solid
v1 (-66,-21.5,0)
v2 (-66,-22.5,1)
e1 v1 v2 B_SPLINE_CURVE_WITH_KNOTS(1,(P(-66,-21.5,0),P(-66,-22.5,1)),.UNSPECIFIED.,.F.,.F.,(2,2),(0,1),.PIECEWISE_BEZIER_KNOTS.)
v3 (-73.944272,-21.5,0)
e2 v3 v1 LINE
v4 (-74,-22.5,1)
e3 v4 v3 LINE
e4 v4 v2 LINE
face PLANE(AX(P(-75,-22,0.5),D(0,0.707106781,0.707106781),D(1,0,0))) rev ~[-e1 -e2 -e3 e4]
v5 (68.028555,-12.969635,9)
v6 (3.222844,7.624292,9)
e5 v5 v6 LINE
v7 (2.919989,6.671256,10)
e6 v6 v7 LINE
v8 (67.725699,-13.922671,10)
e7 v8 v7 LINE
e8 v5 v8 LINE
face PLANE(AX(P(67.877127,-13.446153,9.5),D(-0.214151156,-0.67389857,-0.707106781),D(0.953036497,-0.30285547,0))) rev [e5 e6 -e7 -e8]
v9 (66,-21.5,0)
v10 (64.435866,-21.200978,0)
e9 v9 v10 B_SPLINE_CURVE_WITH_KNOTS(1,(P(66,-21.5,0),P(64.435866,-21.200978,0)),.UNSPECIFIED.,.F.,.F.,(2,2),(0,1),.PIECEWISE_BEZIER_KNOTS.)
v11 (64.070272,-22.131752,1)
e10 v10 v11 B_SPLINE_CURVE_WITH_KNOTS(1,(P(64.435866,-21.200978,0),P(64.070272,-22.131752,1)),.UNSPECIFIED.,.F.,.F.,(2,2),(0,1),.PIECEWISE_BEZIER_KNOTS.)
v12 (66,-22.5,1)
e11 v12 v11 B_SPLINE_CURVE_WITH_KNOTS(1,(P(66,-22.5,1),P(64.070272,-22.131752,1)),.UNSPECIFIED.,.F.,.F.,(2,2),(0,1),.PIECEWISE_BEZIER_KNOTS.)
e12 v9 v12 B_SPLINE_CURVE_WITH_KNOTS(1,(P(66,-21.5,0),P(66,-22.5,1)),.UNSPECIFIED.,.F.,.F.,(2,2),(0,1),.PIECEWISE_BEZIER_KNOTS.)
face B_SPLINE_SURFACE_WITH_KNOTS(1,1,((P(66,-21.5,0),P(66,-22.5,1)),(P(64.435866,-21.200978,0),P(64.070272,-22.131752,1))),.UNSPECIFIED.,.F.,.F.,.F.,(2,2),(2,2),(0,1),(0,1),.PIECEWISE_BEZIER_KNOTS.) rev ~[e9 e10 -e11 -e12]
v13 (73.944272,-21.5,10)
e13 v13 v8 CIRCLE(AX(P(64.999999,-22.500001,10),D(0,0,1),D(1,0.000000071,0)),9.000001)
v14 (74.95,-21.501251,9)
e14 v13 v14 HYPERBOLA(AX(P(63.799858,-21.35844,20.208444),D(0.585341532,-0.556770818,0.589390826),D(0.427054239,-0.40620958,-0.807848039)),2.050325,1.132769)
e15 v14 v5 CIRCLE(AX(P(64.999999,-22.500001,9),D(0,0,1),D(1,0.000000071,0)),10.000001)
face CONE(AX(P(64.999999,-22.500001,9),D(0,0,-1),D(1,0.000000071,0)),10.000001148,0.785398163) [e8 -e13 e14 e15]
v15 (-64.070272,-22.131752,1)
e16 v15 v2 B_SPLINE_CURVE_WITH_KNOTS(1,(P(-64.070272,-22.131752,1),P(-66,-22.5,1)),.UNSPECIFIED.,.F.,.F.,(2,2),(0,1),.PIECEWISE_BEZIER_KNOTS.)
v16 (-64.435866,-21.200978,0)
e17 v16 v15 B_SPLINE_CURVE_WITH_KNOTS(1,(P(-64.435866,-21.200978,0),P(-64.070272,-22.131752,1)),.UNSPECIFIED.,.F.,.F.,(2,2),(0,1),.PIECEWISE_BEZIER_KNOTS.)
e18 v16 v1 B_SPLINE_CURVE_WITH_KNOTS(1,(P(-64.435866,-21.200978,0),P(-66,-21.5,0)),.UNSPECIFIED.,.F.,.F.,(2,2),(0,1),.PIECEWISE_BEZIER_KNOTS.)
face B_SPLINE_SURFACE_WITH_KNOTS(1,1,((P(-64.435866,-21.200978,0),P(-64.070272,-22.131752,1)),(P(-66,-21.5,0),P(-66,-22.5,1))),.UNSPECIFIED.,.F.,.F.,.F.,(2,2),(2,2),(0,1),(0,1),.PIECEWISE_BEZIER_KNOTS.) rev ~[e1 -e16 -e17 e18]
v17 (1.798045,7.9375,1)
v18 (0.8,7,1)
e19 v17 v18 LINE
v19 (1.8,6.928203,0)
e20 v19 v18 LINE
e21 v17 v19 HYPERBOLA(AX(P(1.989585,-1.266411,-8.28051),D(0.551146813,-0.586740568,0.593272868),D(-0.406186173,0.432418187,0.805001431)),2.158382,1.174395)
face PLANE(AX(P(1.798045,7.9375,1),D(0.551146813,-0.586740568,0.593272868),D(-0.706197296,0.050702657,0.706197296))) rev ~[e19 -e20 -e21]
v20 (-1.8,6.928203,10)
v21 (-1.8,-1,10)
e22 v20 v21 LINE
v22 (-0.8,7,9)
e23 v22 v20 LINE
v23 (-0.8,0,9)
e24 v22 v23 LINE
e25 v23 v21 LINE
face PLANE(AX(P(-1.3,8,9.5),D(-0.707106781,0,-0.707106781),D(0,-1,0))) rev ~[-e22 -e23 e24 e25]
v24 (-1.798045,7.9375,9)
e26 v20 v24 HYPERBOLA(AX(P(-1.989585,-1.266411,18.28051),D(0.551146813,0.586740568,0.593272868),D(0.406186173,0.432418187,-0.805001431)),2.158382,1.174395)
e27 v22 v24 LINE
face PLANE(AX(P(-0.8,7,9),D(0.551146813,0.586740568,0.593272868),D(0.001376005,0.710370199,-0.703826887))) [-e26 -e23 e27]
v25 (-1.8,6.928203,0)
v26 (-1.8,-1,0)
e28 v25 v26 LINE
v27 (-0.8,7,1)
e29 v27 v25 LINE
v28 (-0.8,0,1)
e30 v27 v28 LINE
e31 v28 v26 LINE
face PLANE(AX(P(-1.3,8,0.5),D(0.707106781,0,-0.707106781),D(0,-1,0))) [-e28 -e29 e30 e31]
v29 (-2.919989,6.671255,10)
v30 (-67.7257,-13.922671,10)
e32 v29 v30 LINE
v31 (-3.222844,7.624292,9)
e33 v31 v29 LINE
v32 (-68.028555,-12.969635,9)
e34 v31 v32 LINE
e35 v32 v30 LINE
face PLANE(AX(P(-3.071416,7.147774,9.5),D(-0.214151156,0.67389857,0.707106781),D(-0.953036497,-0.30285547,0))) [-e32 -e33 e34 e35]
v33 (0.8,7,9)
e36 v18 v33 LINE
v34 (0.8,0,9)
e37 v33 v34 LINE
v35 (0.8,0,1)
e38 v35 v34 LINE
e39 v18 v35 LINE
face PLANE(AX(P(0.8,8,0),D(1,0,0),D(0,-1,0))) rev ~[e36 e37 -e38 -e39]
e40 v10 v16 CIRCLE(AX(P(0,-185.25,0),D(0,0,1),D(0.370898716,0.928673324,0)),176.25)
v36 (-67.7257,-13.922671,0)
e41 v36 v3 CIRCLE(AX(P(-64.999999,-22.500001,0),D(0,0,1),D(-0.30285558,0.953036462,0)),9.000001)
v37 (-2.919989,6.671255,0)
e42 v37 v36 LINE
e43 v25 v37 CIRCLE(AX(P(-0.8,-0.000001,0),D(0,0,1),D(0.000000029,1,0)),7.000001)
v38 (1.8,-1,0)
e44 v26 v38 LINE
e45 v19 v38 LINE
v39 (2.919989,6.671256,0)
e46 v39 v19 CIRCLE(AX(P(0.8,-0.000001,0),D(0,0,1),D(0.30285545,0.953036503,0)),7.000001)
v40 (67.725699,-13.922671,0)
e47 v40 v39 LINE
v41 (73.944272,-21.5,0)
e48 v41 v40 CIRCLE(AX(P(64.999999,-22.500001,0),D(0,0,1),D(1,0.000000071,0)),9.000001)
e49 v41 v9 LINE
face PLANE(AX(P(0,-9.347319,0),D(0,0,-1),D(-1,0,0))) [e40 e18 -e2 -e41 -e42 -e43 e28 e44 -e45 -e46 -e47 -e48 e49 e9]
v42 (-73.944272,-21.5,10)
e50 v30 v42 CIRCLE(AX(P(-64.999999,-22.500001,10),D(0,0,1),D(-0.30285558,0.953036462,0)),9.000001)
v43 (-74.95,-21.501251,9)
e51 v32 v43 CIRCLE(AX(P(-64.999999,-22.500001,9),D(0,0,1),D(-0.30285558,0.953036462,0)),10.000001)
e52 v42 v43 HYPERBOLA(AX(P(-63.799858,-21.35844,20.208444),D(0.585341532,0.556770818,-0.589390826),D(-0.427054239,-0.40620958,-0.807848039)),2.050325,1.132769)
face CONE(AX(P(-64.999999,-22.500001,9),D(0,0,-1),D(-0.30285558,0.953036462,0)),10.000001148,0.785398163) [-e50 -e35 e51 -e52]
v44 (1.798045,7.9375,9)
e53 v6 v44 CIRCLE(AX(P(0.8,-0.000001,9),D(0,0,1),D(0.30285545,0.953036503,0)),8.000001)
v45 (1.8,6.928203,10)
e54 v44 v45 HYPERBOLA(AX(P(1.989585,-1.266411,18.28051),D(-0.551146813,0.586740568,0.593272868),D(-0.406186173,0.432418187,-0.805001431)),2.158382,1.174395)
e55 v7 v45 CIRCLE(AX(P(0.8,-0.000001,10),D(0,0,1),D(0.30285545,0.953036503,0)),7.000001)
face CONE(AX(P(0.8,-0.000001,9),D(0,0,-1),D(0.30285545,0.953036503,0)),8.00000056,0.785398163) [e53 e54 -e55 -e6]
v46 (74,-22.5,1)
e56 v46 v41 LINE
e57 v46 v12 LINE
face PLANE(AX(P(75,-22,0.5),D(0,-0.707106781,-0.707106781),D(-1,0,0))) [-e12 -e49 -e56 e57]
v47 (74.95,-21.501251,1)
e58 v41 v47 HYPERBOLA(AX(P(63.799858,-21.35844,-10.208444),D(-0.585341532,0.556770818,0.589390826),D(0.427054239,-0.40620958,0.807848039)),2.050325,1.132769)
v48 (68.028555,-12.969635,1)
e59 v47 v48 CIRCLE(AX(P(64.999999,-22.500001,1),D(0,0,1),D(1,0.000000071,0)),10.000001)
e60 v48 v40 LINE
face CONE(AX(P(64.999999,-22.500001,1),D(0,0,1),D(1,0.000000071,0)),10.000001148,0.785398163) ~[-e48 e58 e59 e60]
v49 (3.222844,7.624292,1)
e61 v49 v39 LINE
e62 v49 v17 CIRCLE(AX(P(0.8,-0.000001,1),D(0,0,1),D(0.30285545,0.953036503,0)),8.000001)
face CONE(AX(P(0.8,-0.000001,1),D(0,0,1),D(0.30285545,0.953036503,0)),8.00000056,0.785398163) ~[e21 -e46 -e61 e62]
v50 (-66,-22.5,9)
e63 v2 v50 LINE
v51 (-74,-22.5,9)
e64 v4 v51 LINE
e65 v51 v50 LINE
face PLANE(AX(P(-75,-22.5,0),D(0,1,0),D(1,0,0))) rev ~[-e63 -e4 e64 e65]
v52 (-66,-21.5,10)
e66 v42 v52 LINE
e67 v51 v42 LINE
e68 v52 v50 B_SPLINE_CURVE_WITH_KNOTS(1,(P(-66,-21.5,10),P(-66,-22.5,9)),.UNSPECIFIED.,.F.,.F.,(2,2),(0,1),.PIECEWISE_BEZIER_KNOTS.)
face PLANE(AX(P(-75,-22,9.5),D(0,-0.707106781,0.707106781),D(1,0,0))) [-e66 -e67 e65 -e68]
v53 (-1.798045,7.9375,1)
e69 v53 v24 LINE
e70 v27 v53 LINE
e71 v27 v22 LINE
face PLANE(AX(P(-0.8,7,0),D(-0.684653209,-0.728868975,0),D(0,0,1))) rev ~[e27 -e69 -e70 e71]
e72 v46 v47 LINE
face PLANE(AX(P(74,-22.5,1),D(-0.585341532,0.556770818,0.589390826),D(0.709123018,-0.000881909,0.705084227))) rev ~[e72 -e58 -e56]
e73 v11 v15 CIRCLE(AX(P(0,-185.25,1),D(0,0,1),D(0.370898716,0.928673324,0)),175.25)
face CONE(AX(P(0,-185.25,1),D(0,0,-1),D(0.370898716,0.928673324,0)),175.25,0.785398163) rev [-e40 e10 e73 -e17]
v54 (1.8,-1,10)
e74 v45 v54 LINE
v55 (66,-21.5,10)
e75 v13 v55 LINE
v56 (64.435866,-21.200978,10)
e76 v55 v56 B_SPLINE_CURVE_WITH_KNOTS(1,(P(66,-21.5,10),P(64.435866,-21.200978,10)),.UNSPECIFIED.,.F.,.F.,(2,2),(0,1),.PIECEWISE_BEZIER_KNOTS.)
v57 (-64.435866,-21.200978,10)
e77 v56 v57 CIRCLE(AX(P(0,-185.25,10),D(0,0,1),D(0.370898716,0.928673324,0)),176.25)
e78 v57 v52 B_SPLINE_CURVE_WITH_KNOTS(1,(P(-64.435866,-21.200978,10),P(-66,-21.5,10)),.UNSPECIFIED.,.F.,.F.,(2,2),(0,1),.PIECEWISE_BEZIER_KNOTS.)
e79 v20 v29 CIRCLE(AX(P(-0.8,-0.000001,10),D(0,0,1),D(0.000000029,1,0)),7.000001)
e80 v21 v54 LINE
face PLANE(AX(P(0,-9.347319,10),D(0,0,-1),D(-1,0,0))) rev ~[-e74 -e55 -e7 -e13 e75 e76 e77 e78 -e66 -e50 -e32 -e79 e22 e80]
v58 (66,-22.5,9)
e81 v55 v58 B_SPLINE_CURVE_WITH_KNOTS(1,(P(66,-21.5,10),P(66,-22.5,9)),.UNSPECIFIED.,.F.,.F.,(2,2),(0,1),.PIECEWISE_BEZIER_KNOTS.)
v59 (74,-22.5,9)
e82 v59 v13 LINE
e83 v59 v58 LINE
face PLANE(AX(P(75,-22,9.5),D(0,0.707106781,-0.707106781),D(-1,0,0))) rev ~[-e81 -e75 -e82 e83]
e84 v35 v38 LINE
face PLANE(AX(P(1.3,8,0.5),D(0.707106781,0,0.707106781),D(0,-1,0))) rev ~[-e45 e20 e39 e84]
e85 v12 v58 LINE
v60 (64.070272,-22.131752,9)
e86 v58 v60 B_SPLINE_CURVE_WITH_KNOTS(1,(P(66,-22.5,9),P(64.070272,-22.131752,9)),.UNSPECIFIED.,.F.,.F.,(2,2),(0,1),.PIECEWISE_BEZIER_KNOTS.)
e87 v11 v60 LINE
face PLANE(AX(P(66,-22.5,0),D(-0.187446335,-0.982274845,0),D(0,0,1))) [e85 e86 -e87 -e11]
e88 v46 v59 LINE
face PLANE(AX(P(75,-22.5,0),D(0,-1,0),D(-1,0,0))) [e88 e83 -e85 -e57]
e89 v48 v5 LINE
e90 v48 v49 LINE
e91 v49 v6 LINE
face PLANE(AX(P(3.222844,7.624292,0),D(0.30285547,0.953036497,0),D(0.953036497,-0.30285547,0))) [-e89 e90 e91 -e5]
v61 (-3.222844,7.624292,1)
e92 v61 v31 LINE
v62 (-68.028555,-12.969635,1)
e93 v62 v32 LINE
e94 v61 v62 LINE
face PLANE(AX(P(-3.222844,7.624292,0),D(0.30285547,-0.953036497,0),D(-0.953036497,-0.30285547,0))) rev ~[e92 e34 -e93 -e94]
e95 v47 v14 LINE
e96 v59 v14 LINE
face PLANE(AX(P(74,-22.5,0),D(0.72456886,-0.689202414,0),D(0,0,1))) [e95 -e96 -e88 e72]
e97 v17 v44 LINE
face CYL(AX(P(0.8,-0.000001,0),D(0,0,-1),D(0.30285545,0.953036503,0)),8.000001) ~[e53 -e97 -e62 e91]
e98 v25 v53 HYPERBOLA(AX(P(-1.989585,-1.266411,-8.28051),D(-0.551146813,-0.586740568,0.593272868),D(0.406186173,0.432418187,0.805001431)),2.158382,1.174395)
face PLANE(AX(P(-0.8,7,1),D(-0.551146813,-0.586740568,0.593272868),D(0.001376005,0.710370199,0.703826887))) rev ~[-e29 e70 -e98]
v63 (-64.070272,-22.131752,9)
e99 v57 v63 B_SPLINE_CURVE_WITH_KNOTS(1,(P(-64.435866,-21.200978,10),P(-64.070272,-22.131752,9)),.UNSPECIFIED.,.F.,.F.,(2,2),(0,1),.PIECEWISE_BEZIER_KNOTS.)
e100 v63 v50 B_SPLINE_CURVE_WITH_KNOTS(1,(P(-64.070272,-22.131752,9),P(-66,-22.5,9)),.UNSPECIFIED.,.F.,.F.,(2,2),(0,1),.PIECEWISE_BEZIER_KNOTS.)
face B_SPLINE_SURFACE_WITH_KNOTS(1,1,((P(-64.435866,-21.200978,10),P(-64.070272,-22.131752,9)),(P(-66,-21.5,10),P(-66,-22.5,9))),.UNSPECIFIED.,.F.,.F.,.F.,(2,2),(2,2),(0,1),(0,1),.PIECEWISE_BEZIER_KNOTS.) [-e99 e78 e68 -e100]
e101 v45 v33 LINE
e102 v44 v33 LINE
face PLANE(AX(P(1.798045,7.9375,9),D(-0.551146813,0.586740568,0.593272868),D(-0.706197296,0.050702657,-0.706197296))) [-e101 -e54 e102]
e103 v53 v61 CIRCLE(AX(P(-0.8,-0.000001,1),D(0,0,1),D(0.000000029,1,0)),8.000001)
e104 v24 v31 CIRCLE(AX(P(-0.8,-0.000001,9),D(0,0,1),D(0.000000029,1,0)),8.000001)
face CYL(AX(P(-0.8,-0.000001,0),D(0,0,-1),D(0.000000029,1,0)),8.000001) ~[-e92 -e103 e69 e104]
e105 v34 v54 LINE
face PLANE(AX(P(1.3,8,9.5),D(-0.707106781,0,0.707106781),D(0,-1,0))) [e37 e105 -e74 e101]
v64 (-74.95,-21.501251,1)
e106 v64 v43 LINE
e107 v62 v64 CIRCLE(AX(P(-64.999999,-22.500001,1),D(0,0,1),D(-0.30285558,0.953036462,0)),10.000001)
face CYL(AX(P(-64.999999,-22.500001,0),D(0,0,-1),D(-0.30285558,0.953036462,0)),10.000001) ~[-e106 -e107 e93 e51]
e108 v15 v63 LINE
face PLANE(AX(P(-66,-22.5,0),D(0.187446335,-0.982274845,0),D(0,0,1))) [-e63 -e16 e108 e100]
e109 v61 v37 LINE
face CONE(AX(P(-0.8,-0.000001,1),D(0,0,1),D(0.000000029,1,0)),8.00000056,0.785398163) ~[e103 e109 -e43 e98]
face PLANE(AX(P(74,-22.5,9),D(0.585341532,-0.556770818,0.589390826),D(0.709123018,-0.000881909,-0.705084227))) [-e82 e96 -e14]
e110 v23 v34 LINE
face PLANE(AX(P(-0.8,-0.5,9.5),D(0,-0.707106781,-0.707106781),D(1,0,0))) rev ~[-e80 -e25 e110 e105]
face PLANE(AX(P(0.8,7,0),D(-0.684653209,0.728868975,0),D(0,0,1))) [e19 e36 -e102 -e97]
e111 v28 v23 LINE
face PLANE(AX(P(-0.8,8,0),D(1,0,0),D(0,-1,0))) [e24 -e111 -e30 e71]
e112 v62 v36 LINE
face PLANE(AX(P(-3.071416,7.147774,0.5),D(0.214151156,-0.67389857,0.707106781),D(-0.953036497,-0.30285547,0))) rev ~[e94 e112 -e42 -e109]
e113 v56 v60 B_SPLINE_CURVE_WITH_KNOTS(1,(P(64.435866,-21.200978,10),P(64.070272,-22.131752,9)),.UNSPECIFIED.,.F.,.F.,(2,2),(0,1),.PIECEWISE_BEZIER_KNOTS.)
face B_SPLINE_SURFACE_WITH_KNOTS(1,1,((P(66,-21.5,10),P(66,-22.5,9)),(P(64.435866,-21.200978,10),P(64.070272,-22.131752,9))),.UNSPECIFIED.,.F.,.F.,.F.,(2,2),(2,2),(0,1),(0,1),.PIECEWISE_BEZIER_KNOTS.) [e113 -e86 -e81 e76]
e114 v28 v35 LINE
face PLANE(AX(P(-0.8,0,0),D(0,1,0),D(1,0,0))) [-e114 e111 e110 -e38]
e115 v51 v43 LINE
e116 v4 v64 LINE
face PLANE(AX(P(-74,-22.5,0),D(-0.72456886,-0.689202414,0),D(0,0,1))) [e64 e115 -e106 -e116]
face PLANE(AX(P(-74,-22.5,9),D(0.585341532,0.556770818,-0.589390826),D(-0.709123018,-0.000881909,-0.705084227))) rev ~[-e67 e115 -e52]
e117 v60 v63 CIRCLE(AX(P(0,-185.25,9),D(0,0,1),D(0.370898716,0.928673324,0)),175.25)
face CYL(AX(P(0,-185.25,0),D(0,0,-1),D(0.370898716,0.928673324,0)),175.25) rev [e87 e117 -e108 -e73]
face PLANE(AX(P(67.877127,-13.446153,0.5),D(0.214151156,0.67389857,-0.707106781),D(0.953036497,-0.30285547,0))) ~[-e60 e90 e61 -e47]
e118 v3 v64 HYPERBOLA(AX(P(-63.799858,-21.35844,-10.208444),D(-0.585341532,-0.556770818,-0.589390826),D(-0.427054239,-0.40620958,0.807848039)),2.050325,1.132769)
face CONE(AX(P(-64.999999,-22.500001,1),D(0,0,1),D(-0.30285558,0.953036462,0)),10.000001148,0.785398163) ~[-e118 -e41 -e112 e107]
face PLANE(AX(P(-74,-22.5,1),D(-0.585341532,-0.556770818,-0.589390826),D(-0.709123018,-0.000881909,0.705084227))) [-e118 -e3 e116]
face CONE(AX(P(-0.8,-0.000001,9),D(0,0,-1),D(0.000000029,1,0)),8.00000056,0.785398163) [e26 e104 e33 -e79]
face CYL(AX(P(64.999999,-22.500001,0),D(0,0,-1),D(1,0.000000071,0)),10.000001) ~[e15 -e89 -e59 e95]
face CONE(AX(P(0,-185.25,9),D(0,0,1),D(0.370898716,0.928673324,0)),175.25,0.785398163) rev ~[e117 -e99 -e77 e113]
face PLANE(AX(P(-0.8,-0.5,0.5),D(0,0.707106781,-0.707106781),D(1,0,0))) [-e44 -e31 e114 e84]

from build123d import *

# Parameters (mm, degrees)
PAD_DEPTH    = 10
CHAMFER_SIZE = 1


with BuildPart() as part:
    # Sketch → Pad (new body)
    with BuildSketch(Plane.XY):
        with BuildLine():
            Line((-0.8, 8), (-0.8, 0))
            Line((-0.8, 0), (0.8, 0))
            Line((0.8, 8), (0.8, 0))
            ThreePointArc((3.222844, 7.624292), (2.025901, 7.905515), (0.8, 8))
            Line((3.222844, 7.624292), (68.028555, -12.969635))
            ThreePointArc((75, -22.5), (73.071107, -16.595999), (68.028555, -12.969635))
            Line((75, -22.5), (65, -22.5))
            ThreePointArc((65, -22.5), (0, -10), (-65, -22.5))
            Line((-75, -22.5), (-65, -22.5))
            ThreePointArc((-68.028555, -12.969635), (-73.071107, -16.595999), (-75, -22.5))
            Line((-3.222844, 7.624292), (-68.028555, -12.969635))
            ThreePointArc((-0.8, 8), (-2.025901, 7.905515), (-3.222844, 7.624292))
        make_face()
    extrude(amount=PAD_DEPTH)

    # Chamfer
    chamfer_edges = [part.edges().sort_by_distance(p)[0] for p in [
        (-2.025901, 7.905515, 10),
        (-0.8, 4, 10),
        (0, 0, 10),
        (0.8, 4, 10),
        (2.025901, 7.905515, 10),
        (35.625699, -2.672672, 10),
        (73.071107, -16.595999, 10),
        (70, -22.5, 10),
        (0, -10, 10),
        (-70, -22.5, 10),
        (-73.071107, -16.595999, 10),
        (-35.625699, -2.672672, 10),
        (-2.025901, 7.905515, 0),
        (-0.8, 4, 0),
        (0, 0, 0),
        (0.8, 4, 0),
        (2.025901, 7.905515, 0),
        (35.625699, -2.672672, 0),
        (73.071107, -16.595999, 0),
        (70, -22.5, 0),
        (0, -10, 0),
        (-70, -22.5, 0),
        (-73.071107, -16.595999, 0),
        (-35.625699, -2.672672, 0),
        (-0.8, 8, 5),
        (0.8, 8, 5),
        (-75, -22.5, 5),
        (-65, -22.5, 5),
        (65, -22.5, 5),
        (75, -22.5, 5),
    ]]
    chamfer(chamfer_edges, length=CHAMFER_SIZE)


solid = part.part
